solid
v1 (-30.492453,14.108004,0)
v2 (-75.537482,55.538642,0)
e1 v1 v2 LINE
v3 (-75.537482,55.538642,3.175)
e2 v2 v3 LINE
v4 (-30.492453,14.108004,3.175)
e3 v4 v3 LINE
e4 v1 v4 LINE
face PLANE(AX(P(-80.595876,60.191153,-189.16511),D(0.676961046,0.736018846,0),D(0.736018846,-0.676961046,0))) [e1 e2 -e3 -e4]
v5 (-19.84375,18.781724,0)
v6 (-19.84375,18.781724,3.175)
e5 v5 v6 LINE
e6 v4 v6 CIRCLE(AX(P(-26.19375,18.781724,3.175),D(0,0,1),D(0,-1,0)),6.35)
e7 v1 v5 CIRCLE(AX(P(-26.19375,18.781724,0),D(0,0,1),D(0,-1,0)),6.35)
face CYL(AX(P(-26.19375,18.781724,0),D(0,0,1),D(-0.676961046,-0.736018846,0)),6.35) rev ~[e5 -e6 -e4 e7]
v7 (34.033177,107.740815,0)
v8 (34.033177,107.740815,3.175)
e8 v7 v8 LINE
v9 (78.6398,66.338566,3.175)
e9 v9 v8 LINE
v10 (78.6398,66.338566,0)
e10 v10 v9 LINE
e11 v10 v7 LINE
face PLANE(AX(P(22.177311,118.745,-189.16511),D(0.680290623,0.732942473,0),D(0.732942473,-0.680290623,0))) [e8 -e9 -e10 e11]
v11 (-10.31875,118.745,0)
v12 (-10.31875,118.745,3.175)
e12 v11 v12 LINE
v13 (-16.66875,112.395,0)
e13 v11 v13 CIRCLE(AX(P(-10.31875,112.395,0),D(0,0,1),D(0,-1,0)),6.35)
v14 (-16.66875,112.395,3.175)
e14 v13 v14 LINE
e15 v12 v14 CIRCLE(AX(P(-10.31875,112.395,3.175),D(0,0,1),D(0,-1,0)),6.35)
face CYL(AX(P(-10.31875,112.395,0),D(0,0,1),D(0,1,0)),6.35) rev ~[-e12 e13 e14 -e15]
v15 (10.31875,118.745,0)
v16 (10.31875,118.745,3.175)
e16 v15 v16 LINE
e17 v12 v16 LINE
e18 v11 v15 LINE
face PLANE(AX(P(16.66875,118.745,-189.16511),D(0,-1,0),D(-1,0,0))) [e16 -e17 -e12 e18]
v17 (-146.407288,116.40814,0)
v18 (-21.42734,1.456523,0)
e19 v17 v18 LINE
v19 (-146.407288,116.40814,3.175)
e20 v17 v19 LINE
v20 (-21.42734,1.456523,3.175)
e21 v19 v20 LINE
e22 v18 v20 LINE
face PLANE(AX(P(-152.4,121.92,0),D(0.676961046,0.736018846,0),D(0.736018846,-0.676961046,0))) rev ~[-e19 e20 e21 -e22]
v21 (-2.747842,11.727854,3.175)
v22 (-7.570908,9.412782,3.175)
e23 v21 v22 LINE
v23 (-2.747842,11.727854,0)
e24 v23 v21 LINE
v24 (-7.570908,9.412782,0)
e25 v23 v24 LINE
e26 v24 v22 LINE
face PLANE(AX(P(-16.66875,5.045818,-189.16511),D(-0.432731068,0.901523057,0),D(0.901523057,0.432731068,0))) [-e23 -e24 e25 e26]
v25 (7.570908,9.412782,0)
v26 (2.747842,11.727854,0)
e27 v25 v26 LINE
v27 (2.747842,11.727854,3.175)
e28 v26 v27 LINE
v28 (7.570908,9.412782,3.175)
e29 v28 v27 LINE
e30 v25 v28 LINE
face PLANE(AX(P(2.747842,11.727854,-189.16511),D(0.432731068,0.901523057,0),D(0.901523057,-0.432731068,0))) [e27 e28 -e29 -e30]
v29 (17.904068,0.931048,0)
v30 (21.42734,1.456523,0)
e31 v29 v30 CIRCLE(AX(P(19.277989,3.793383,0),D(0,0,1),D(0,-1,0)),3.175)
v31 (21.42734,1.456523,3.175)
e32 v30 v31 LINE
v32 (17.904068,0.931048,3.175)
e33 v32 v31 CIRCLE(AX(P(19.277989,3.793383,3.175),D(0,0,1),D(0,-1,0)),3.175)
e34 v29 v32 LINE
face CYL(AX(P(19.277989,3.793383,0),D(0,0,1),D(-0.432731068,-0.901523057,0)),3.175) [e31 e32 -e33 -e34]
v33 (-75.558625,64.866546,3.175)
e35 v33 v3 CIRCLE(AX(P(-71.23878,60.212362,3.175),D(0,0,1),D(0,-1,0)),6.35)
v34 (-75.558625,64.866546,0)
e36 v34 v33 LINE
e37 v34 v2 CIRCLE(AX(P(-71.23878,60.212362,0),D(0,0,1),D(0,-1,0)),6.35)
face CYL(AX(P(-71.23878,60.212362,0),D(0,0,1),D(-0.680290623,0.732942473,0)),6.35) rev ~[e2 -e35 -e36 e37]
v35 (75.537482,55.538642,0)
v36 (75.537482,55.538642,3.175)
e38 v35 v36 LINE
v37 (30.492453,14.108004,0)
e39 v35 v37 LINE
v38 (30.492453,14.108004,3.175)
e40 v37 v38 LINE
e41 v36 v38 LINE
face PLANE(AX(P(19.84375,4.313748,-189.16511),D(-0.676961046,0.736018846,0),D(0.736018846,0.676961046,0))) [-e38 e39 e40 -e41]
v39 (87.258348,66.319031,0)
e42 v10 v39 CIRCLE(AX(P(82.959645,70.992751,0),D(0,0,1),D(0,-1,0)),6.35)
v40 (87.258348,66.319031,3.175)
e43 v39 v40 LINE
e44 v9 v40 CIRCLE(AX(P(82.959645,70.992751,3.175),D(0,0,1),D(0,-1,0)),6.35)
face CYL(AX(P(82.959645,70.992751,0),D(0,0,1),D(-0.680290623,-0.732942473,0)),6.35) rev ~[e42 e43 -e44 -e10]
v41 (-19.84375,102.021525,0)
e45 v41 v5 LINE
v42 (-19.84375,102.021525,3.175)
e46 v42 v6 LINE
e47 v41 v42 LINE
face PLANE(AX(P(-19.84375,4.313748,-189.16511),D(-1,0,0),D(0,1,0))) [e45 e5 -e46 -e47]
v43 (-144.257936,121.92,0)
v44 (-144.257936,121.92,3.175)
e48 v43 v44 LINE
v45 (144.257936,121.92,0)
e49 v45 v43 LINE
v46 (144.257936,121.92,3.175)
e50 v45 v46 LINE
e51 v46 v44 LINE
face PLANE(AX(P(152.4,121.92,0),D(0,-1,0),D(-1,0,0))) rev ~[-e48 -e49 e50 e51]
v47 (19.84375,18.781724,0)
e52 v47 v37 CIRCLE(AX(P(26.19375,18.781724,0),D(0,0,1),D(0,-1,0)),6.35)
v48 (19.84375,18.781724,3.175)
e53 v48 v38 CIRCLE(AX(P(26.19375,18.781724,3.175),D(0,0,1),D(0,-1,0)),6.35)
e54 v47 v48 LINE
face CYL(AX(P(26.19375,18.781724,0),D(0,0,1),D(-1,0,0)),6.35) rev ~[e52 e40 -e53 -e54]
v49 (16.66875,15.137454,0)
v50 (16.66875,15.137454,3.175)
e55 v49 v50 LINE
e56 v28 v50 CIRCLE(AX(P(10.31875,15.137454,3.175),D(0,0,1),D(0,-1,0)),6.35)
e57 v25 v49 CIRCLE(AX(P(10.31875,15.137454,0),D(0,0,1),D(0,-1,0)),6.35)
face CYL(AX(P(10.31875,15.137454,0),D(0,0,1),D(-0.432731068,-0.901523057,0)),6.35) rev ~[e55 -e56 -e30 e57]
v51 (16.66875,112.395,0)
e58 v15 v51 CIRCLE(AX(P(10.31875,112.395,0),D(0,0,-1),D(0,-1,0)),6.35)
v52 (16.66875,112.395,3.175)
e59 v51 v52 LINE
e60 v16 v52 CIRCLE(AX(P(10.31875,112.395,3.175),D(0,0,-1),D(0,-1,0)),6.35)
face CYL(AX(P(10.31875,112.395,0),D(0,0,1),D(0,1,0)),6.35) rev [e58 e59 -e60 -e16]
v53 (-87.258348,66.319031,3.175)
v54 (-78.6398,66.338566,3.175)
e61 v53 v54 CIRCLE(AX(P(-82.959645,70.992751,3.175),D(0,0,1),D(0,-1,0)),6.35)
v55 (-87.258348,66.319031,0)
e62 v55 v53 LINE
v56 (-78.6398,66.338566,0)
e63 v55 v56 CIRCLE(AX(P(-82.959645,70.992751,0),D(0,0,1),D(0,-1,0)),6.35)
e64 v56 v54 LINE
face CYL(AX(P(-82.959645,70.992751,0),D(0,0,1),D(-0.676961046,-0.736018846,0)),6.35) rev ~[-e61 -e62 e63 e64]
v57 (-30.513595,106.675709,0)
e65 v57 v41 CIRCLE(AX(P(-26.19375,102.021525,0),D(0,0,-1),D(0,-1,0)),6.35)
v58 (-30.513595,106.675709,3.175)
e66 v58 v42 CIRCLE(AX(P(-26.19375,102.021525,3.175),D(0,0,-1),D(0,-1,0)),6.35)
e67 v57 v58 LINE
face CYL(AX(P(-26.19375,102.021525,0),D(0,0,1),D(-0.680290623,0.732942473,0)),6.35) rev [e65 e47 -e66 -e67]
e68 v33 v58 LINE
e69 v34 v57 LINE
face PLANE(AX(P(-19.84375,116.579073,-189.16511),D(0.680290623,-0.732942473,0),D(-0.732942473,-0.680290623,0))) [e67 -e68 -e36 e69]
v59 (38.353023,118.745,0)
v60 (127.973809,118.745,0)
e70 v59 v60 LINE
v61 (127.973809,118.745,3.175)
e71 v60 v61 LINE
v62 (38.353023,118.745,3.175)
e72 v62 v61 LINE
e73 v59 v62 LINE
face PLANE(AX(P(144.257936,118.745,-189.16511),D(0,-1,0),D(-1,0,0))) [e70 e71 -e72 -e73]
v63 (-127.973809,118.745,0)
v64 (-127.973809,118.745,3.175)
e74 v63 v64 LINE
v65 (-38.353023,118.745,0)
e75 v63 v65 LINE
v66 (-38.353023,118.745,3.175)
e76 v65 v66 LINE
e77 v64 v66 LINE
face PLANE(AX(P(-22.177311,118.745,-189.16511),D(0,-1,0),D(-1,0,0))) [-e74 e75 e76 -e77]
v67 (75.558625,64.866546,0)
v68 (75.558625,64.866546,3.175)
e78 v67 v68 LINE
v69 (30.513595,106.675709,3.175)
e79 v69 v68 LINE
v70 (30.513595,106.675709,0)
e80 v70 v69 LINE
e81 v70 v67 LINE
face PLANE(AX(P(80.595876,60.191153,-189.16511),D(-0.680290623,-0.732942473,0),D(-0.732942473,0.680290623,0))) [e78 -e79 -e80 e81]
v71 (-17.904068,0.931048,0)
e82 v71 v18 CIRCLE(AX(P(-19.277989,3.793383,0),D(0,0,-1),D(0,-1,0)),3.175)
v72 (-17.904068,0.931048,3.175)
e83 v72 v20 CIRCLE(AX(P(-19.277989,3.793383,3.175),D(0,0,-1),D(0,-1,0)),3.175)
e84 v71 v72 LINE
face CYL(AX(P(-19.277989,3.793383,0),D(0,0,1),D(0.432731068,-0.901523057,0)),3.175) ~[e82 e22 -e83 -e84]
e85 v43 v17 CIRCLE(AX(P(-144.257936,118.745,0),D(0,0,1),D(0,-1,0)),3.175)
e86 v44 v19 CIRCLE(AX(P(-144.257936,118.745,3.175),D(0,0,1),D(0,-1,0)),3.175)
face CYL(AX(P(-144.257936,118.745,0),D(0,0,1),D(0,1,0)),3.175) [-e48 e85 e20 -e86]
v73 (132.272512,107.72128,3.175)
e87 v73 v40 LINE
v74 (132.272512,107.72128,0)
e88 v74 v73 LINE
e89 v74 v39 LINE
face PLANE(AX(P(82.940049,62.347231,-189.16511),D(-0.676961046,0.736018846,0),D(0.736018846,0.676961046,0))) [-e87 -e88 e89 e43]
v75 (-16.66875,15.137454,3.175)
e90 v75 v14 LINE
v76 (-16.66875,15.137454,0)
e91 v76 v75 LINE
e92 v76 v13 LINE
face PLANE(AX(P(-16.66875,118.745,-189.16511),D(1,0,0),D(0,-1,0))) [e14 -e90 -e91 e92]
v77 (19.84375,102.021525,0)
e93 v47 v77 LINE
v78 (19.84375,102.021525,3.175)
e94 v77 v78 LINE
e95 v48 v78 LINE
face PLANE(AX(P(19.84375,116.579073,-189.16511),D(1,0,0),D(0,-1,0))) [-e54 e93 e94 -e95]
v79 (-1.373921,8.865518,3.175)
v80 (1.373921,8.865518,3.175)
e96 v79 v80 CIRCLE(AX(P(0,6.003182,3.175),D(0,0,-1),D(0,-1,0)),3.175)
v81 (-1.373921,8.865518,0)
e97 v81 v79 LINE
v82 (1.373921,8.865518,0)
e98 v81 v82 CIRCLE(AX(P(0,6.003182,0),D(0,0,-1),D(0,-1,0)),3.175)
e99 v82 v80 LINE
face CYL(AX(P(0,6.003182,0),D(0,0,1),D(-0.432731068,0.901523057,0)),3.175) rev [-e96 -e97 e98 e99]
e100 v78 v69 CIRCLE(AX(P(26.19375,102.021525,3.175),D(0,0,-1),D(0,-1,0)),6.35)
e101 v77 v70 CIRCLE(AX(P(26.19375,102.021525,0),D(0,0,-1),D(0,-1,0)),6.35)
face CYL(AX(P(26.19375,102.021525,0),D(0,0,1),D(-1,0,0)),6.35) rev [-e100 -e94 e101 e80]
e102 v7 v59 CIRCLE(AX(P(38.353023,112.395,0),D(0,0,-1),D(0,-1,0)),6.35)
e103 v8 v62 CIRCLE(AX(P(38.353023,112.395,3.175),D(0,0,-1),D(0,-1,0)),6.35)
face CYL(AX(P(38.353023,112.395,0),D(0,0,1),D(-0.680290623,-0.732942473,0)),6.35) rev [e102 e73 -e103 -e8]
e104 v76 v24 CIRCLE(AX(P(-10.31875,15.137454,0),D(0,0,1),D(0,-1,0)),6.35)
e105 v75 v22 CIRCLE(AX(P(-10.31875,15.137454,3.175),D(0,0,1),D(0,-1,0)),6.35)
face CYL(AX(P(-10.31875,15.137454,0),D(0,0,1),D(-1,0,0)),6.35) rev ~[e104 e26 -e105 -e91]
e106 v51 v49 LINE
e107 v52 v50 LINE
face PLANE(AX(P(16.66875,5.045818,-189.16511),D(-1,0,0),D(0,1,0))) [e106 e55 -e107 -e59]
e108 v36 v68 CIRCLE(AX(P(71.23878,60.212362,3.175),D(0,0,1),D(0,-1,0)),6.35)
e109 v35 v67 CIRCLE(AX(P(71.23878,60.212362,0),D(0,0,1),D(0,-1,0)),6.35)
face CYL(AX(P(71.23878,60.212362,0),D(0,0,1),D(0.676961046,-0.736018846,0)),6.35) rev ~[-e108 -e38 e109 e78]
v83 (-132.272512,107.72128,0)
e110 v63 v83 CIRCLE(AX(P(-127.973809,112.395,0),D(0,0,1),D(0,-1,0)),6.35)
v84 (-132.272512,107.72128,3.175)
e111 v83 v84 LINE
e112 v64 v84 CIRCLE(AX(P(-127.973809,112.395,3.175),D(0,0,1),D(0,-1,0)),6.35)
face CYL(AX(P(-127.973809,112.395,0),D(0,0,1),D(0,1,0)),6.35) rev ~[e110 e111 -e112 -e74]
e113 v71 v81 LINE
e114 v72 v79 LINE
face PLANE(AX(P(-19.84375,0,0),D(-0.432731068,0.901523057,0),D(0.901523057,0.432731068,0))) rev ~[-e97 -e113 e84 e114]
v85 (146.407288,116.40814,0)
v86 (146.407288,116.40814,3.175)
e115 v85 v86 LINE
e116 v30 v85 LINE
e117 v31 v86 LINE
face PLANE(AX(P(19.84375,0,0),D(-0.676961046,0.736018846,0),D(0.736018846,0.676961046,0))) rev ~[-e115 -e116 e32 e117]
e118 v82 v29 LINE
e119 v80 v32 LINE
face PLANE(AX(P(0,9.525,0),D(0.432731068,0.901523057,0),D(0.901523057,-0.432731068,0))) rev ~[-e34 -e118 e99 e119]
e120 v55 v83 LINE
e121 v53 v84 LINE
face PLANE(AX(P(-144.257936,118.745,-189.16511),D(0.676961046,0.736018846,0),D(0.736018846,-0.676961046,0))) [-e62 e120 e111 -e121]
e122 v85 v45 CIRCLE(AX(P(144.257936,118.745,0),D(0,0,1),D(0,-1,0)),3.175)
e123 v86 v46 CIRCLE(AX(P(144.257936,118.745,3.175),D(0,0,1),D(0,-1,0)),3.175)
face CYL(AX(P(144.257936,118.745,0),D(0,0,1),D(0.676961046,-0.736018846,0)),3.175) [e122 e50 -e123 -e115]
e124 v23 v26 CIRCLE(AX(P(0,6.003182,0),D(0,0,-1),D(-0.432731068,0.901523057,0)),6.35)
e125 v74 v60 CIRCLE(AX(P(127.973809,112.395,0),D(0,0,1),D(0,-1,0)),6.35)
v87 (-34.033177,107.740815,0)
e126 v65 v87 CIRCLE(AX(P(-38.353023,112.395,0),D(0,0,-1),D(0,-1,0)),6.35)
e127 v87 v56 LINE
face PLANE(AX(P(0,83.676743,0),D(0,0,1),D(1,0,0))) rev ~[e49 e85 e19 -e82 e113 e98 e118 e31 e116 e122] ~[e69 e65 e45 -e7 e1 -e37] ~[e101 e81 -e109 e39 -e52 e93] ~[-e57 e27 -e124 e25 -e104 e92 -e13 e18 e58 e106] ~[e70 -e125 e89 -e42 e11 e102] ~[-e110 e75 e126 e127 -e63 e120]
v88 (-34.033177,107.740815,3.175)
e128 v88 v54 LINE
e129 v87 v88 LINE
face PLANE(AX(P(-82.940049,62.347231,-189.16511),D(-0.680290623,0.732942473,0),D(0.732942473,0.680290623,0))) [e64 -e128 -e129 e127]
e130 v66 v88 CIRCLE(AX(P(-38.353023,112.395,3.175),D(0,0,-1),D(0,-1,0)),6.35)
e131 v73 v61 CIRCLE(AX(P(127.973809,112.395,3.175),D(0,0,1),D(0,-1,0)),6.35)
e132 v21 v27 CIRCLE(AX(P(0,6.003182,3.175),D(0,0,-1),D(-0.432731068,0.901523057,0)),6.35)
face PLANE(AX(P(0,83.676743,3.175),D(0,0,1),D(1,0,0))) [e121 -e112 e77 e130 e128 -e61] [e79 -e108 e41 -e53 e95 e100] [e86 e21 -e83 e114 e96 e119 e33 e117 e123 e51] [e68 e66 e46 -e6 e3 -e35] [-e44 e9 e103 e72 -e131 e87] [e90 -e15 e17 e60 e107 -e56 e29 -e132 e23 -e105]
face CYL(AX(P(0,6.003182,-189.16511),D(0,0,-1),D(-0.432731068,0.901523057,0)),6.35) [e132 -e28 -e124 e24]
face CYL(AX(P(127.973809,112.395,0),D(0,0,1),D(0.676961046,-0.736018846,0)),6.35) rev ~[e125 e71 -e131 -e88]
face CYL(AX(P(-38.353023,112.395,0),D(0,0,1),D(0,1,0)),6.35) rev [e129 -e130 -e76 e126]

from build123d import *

# Parameters (mm, degrees)
BOSS_EXTRUDE1_DEPTH     = 3.175
FILLET1_R               = 3.175
CUT_EXTRUDE1_DEPTH      = 192.340110238
CUT_EXTRUDE1_DEPTH_BACK = 192.340110238
FILLET2_R               = 6.35


with BuildPart() as part:
    # Sketch1 → Boss-Extrude1 (new body)
    with BuildSketch(Plane.XY):
        Polygon((-19.84375, 0), (0, 9.525), (19.84375, 0), (152.4, 121.92), (-152.4, 121.92), align=None)
    extrude(amount=BOSS_EXTRUDE1_DEPTH)

    # Fillet1
    fillet1_edges = [part.edges().sort_by_distance(p)[0] for p in [
        (0, 9.525, 1.5875),
        (-19.84375, 0, 1.5875),
        (-152.4, 121.92, 1.5875),
        (152.4, 121.92, 1.5875),
        (19.84375, 0, 1.5875),
    ]]
    fillet(fillet1_edges, radius=FILLET1_R)

    # Sketch2 → Cut-Extrude1 (cut, two sides: drawn at the far end of the back side and taken through both)
    with BuildSketch(Plane.XY.offset(3.175).offset(-CUT_EXTRUDE1_DEPTH_BACK)):
        Polygon((-82.940049134, 62.347230555), (-22.177311492, 118.745), (-144.257936486, 118.745), align=None)
        Polygon((-19.84375, 4.313748238), (-19.84375, 116.579072853), (-80.595875999, 60.191152749), align=None)
        with BuildLine():
            Line((16.66875, 5.045817854), (16.66875, 118.745))
            Line((16.66875, 118.745), (-16.66875, 118.745))
            Line((-16.66875, 118.745), (-16.66875, 5.045817854))
            Line((-16.66875, 5.045817854), (-2.747842279, 11.72785356))
            ThreePointArc((-2.747842279, 11.72785356), (0, 12.353182146), (2.747842279, 11.72785356))
            Line((2.747842279, 11.72785356), (16.66875, 5.045817854))
        make_face()
        Polygon((80.595875999, 60.191152749), (19.84375, 116.579072853), (19.84375, 4.313748238), align=None)
        Polygon((144.257936486, 118.745), (22.177311492, 118.745), (82.940049134, 62.347230555), align=None)
    extrude(amount=CUT_EXTRUDE1_DEPTH + CUT_EXTRUDE1_DEPTH_BACK, mode=Mode.SUBTRACT)

    # Fillet2
    fillet2_edges = [part.edges().sort_by_distance(p)[0] for p in [
        (-22.177311492, 118.745, 1.5875),
        (-82.940049134, 62.347230555, 1.5875),
        (-144.257936486, 118.745, 1.5875),
        (19.84375, 116.579072853, 1.5875),
        (80.595875999, 60.191152749, 1.5875),
        (19.84375, 4.313748238, 1.5875),
        (22.177311492, 118.745, 1.5875),
        (144.257936486, 118.745, 1.5875),
        (82.940049134, 62.347230555, 1.5875),
        (-16.66875, 5.045817854, 1.5875),
        (-16.66875, 118.745, 1.5875),
        (16.66875, 118.745, 1.5875),
        (16.66875, 5.045817854, 1.5875),
        (-19.84375, 116.579072853, 1.5875),
        (-19.84375, 4.313748238, 1.5875),
        (-80.595875999, 60.191152749, 1.5875),
    ]]
    fillet(fillet2_edges, radius=FILLET2_R)


solid = part.part
